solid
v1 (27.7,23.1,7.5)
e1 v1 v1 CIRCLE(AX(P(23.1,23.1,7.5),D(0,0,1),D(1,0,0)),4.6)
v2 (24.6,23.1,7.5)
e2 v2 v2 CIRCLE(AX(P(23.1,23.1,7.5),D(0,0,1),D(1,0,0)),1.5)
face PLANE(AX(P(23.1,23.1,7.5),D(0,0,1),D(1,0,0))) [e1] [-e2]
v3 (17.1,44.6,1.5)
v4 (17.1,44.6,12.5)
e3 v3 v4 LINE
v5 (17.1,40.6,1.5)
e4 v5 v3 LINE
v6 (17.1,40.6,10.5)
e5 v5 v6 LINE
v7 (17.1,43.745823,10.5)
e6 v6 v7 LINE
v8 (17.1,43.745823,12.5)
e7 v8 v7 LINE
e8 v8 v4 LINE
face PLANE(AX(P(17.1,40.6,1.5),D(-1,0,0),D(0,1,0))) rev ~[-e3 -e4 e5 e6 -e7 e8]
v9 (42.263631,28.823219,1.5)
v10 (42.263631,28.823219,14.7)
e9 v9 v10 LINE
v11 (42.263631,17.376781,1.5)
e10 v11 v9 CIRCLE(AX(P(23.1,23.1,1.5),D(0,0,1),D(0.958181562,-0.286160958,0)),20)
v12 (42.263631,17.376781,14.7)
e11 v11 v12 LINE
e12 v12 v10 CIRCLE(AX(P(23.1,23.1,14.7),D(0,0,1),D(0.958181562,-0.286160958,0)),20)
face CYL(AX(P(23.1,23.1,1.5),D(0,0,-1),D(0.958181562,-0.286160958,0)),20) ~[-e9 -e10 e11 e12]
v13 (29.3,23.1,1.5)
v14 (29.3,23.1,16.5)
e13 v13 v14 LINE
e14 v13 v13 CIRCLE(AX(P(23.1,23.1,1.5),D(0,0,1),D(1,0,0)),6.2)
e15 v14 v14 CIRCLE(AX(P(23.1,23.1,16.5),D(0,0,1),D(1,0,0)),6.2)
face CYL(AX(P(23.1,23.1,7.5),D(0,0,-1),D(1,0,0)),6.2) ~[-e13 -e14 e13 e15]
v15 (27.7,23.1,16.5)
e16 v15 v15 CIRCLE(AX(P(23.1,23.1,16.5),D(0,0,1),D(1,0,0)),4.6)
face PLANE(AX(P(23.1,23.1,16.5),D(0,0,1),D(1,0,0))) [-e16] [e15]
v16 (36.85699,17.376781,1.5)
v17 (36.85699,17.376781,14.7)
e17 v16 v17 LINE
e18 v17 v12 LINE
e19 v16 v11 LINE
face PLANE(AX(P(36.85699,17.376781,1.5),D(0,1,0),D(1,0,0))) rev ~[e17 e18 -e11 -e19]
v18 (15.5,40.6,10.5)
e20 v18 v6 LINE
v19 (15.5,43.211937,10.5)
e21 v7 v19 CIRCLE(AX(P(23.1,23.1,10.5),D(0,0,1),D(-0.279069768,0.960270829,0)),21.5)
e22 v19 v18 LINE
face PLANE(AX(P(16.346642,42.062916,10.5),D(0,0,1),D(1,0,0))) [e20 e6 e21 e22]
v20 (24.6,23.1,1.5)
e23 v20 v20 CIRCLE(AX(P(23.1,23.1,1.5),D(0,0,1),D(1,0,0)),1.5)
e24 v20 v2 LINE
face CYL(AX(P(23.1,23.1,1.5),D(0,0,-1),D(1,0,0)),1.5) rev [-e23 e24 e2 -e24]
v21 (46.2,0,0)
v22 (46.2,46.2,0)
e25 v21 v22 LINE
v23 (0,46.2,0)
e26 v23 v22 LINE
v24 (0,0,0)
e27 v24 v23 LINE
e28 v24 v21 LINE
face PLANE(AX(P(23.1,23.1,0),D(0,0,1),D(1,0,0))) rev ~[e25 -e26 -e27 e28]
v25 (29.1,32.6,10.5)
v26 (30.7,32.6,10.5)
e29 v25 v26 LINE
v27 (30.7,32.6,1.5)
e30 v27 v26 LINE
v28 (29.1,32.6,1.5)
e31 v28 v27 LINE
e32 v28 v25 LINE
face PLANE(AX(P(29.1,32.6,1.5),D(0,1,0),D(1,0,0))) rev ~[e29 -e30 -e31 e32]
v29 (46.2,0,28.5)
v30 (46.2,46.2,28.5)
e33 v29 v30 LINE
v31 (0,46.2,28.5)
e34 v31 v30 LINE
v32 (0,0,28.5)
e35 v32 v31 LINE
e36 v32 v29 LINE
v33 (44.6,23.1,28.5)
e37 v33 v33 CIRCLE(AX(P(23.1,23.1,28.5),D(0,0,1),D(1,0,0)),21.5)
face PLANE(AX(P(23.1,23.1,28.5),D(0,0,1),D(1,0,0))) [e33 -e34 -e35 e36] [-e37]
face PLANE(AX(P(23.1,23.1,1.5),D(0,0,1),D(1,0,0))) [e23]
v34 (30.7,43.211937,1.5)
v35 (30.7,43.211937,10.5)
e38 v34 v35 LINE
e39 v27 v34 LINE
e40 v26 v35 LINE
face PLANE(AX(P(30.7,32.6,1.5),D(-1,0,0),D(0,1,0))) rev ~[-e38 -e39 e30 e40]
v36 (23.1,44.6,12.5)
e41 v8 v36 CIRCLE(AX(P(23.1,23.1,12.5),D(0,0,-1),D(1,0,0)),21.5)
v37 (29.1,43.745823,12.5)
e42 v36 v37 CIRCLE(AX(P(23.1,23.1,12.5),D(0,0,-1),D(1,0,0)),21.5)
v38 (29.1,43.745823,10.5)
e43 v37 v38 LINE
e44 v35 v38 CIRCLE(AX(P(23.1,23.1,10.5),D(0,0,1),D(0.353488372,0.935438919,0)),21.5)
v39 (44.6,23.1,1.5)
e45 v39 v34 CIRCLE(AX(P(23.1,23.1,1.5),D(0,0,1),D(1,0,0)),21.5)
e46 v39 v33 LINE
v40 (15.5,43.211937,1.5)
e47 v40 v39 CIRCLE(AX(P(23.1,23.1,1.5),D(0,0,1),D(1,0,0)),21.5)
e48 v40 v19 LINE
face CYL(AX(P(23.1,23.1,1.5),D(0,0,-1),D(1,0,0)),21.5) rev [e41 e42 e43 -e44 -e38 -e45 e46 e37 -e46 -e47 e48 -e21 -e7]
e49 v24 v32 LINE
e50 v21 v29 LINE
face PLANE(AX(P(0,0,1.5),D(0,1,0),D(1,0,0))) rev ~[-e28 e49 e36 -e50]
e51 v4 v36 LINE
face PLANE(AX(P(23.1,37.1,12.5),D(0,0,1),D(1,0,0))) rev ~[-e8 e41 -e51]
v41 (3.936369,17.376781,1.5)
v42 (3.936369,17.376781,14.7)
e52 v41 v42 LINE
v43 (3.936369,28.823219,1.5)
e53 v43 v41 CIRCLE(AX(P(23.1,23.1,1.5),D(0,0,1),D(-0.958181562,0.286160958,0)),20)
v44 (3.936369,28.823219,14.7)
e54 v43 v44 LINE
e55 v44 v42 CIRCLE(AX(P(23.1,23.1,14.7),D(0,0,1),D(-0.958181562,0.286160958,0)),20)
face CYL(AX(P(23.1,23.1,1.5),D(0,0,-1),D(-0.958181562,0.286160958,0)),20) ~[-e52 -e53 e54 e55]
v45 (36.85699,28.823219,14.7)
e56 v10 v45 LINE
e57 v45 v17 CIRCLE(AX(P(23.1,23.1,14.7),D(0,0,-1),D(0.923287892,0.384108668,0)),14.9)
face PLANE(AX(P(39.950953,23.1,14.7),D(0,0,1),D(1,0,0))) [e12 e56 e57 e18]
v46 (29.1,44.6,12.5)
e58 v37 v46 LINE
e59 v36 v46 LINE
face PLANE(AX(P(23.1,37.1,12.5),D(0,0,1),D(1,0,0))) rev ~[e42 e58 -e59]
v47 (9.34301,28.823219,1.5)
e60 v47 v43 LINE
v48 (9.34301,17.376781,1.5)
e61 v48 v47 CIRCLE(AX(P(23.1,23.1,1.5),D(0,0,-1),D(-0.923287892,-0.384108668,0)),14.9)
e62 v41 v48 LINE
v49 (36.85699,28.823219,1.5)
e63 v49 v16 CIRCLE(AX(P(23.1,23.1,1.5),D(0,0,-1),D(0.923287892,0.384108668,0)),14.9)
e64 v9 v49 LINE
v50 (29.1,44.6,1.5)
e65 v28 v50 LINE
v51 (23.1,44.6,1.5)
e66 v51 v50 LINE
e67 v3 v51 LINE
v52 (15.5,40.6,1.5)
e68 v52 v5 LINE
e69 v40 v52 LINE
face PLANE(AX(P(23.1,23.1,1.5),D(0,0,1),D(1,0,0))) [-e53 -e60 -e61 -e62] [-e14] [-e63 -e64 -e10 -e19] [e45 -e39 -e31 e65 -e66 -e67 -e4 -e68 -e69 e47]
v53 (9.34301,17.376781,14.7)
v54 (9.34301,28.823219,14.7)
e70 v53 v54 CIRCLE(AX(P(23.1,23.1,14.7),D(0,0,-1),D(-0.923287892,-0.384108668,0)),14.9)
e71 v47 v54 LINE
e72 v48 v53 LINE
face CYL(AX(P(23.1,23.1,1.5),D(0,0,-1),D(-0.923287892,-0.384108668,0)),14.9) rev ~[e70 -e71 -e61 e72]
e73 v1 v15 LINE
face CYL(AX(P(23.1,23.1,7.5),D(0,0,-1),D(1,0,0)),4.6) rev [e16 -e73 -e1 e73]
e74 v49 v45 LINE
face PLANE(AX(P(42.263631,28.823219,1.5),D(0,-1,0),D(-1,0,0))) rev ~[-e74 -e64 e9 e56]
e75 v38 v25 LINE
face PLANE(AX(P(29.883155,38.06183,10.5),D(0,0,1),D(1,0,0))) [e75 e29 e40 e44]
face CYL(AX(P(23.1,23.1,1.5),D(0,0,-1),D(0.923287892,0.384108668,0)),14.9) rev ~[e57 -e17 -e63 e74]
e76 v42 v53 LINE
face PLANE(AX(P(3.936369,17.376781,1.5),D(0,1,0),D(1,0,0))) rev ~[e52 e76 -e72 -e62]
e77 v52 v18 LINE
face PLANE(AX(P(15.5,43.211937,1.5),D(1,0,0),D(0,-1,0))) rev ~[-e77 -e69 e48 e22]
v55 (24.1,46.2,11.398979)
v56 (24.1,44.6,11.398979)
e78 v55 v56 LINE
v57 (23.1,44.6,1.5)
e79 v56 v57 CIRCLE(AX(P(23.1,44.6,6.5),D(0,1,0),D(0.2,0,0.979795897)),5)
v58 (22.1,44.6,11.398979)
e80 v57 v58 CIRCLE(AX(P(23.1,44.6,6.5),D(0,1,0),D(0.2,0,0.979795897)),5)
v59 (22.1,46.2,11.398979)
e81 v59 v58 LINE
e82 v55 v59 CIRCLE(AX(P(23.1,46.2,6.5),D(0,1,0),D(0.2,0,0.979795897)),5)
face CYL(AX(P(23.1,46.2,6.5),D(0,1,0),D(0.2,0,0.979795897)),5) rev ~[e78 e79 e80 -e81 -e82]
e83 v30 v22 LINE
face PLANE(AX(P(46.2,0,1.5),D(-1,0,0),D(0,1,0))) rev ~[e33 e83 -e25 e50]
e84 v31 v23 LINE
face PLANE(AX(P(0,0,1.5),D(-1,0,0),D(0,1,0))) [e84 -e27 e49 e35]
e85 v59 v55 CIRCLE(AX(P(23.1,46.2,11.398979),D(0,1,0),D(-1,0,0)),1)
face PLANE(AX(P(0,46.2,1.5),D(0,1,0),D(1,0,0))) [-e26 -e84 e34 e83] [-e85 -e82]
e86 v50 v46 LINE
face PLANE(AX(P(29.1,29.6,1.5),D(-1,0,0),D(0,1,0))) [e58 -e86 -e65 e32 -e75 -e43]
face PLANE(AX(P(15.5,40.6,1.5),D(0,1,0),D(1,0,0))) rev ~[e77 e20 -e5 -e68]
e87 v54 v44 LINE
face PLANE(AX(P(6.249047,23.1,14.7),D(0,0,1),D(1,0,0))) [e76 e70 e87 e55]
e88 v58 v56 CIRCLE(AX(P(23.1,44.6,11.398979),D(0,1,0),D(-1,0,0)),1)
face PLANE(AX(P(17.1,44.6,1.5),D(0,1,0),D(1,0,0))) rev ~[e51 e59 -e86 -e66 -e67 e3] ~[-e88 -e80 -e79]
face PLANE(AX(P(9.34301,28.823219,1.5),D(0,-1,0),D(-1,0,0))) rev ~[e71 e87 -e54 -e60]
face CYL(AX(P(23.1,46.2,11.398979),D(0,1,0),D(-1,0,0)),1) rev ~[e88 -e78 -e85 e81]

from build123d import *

# Parameters (mm, degrees)
F0_W      = 46.2
F0_H      = 46.2
F1_DEPTH  = 1.5
F2_W      = 46.2
F2_H      = 46.2
F2_R      = 21.5
F3_DEPTH  = 27
F4_R      = 6.2
F4_R_2    = 1.5
F5_DEPTH  = 6
F6_R      = 6.2
F6_R_2    = 4.6
F7_DEPTH  = 9
F9_DEPTH  = 13.2
F11_DEPTH = 3.1894764338
F12_W     = 12
F12_H     = 15
F13_DEPTH = 11
F15_DEPTH = 9


with BuildPart() as f1:
    # F0 (on Top) → F1 (new body)
    with BuildSketch(Plane.XY):
        with Locations((23.1, 23.1)):
            Rectangle(F0_W, F0_H)
    extrude(amount=F1_DEPTH)

    # F2 (on face) → F3 (join)
    with BuildSketch(Plane.XY.offset(1.5)):
        with Locations((23.1, 23.1)):
            Rectangle(F2_W, F2_H)
        with Locations((23.1, 23.1)):
            Circle(F2_R, mode=Mode.SUBTRACT)
    extrude(amount=F3_DEPTH)

    # F4 (on face) → F5 (join)
    with BuildSketch(Plane.XY.offset(1.5)):
        with Locations((23.1, 23.1)):
            Circle(F4_R)
        with Locations((23.1, 23.1)):
            Circle(F4_R_2, mode=Mode.SUBTRACT)
    extrude(amount=F5_DEPTH)

    # F6 (on face) → F7 (join)
    with BuildSketch(Plane.XY.offset(7.5)):
        with Locations((23.1, 23.1)):
            Circle(F6_R)
        with Locations((23.1, 23.1)):
            Circle(F6_R_2, mode=Mode.SUBTRACT)
    extrude(amount=F7_DEPTH)

    # F8 (on face) → F9 (join)
    with BuildSketch(Plane.XY.offset(1.5)):
        with BuildLine():
            ThreePointArc((3.9363687534, 28.8232191506), (3.1, 23.1), (3.9363687534, 17.3767808494))
            Line((3.9363687534, 17.3767808494), (9.3430104109, 17.3767808494))
            ThreePointArc((9.3430104109, 17.3767808494), (8.2, 23.1), (9.3430104109, 28.8232191506))
            Line((9.3430104109, 28.8232191506), (3.9363687534, 28.8232191506))
        make_face()
        with BuildLine():
            ThreePointArc((42.2636312466, 17.3767808494), (43.1, 23.1), (42.2636312466, 28.8232191506))
            Line((42.2636312466, 28.8232191506), (36.8569895891, 28.8232191506))
            ThreePointArc((36.8569895891, 28.8232191506), (38, 23.1), (36.8569895891, 17.3767808494))
            Line((36.8569895891, 17.3767808494), (42.2636312466, 17.3767808494))
        make_face()
    extrude(amount=F9_DEPTH)

    # F10 (on face) → F11 (cut, up to face)
    with BuildSketch(Plane(origin=(0, 46.2, 0), x_dir=(-1, 0, 0), z_dir=(0, 1, 0))):
        with BuildLine():
            ThreePointArc((-24.1, 11.3989794856), (-23.1, 1.5), (-22.1, 11.3989794856))
            ThreePointArc((-22.1, 11.3989794856), (-23.1, 12.3989794856), (-24.1, 11.3989794856))
        make_face()
    extrude(amount=-F11_DEPTH, mode=Mode.SUBTRACT)

    # F12 (on face) → F13 (cut)
    with BuildSketch(Plane.XY.offset(1.5)):
        with Locations((23.1, 37.1)):
            Rectangle(F12_W, F12_H)
    extrude(amount=F13_DEPTH, mode=Mode.SUBTRACT)

    # F14 (on face) → F15 (join)
    with BuildSketch(Plane.XY.offset(1.5)):
        with BuildLine():
            Line((17.1, 40.6), (17.1, 43.7458228221))
            ThreePointArc((17.1, 43.7458228221), (16.2947624154, 43.4945762745), (15.5, 43.2119367541))
            Line((15.5, 43.2119367541), (15.5, 40.6))
            Line((15.5, 40.6), (17.1, 40.6))
        make_face()
        with BuildLine():
            ThreePointArc((30.7, 43.2119367541), (29.9052375846, 43.4945762745), (29.1, 43.7458228221))
            Line((29.1, 43.7458228221), (29.1, 32.6))
            Line((29.1, 32.6), (30.7, 32.6))
            Line((30.7, 32.6), (30.7, 43.2119367541))
        make_face()
    extrude(amount=F15_DEPTH)


solid = f1.part
